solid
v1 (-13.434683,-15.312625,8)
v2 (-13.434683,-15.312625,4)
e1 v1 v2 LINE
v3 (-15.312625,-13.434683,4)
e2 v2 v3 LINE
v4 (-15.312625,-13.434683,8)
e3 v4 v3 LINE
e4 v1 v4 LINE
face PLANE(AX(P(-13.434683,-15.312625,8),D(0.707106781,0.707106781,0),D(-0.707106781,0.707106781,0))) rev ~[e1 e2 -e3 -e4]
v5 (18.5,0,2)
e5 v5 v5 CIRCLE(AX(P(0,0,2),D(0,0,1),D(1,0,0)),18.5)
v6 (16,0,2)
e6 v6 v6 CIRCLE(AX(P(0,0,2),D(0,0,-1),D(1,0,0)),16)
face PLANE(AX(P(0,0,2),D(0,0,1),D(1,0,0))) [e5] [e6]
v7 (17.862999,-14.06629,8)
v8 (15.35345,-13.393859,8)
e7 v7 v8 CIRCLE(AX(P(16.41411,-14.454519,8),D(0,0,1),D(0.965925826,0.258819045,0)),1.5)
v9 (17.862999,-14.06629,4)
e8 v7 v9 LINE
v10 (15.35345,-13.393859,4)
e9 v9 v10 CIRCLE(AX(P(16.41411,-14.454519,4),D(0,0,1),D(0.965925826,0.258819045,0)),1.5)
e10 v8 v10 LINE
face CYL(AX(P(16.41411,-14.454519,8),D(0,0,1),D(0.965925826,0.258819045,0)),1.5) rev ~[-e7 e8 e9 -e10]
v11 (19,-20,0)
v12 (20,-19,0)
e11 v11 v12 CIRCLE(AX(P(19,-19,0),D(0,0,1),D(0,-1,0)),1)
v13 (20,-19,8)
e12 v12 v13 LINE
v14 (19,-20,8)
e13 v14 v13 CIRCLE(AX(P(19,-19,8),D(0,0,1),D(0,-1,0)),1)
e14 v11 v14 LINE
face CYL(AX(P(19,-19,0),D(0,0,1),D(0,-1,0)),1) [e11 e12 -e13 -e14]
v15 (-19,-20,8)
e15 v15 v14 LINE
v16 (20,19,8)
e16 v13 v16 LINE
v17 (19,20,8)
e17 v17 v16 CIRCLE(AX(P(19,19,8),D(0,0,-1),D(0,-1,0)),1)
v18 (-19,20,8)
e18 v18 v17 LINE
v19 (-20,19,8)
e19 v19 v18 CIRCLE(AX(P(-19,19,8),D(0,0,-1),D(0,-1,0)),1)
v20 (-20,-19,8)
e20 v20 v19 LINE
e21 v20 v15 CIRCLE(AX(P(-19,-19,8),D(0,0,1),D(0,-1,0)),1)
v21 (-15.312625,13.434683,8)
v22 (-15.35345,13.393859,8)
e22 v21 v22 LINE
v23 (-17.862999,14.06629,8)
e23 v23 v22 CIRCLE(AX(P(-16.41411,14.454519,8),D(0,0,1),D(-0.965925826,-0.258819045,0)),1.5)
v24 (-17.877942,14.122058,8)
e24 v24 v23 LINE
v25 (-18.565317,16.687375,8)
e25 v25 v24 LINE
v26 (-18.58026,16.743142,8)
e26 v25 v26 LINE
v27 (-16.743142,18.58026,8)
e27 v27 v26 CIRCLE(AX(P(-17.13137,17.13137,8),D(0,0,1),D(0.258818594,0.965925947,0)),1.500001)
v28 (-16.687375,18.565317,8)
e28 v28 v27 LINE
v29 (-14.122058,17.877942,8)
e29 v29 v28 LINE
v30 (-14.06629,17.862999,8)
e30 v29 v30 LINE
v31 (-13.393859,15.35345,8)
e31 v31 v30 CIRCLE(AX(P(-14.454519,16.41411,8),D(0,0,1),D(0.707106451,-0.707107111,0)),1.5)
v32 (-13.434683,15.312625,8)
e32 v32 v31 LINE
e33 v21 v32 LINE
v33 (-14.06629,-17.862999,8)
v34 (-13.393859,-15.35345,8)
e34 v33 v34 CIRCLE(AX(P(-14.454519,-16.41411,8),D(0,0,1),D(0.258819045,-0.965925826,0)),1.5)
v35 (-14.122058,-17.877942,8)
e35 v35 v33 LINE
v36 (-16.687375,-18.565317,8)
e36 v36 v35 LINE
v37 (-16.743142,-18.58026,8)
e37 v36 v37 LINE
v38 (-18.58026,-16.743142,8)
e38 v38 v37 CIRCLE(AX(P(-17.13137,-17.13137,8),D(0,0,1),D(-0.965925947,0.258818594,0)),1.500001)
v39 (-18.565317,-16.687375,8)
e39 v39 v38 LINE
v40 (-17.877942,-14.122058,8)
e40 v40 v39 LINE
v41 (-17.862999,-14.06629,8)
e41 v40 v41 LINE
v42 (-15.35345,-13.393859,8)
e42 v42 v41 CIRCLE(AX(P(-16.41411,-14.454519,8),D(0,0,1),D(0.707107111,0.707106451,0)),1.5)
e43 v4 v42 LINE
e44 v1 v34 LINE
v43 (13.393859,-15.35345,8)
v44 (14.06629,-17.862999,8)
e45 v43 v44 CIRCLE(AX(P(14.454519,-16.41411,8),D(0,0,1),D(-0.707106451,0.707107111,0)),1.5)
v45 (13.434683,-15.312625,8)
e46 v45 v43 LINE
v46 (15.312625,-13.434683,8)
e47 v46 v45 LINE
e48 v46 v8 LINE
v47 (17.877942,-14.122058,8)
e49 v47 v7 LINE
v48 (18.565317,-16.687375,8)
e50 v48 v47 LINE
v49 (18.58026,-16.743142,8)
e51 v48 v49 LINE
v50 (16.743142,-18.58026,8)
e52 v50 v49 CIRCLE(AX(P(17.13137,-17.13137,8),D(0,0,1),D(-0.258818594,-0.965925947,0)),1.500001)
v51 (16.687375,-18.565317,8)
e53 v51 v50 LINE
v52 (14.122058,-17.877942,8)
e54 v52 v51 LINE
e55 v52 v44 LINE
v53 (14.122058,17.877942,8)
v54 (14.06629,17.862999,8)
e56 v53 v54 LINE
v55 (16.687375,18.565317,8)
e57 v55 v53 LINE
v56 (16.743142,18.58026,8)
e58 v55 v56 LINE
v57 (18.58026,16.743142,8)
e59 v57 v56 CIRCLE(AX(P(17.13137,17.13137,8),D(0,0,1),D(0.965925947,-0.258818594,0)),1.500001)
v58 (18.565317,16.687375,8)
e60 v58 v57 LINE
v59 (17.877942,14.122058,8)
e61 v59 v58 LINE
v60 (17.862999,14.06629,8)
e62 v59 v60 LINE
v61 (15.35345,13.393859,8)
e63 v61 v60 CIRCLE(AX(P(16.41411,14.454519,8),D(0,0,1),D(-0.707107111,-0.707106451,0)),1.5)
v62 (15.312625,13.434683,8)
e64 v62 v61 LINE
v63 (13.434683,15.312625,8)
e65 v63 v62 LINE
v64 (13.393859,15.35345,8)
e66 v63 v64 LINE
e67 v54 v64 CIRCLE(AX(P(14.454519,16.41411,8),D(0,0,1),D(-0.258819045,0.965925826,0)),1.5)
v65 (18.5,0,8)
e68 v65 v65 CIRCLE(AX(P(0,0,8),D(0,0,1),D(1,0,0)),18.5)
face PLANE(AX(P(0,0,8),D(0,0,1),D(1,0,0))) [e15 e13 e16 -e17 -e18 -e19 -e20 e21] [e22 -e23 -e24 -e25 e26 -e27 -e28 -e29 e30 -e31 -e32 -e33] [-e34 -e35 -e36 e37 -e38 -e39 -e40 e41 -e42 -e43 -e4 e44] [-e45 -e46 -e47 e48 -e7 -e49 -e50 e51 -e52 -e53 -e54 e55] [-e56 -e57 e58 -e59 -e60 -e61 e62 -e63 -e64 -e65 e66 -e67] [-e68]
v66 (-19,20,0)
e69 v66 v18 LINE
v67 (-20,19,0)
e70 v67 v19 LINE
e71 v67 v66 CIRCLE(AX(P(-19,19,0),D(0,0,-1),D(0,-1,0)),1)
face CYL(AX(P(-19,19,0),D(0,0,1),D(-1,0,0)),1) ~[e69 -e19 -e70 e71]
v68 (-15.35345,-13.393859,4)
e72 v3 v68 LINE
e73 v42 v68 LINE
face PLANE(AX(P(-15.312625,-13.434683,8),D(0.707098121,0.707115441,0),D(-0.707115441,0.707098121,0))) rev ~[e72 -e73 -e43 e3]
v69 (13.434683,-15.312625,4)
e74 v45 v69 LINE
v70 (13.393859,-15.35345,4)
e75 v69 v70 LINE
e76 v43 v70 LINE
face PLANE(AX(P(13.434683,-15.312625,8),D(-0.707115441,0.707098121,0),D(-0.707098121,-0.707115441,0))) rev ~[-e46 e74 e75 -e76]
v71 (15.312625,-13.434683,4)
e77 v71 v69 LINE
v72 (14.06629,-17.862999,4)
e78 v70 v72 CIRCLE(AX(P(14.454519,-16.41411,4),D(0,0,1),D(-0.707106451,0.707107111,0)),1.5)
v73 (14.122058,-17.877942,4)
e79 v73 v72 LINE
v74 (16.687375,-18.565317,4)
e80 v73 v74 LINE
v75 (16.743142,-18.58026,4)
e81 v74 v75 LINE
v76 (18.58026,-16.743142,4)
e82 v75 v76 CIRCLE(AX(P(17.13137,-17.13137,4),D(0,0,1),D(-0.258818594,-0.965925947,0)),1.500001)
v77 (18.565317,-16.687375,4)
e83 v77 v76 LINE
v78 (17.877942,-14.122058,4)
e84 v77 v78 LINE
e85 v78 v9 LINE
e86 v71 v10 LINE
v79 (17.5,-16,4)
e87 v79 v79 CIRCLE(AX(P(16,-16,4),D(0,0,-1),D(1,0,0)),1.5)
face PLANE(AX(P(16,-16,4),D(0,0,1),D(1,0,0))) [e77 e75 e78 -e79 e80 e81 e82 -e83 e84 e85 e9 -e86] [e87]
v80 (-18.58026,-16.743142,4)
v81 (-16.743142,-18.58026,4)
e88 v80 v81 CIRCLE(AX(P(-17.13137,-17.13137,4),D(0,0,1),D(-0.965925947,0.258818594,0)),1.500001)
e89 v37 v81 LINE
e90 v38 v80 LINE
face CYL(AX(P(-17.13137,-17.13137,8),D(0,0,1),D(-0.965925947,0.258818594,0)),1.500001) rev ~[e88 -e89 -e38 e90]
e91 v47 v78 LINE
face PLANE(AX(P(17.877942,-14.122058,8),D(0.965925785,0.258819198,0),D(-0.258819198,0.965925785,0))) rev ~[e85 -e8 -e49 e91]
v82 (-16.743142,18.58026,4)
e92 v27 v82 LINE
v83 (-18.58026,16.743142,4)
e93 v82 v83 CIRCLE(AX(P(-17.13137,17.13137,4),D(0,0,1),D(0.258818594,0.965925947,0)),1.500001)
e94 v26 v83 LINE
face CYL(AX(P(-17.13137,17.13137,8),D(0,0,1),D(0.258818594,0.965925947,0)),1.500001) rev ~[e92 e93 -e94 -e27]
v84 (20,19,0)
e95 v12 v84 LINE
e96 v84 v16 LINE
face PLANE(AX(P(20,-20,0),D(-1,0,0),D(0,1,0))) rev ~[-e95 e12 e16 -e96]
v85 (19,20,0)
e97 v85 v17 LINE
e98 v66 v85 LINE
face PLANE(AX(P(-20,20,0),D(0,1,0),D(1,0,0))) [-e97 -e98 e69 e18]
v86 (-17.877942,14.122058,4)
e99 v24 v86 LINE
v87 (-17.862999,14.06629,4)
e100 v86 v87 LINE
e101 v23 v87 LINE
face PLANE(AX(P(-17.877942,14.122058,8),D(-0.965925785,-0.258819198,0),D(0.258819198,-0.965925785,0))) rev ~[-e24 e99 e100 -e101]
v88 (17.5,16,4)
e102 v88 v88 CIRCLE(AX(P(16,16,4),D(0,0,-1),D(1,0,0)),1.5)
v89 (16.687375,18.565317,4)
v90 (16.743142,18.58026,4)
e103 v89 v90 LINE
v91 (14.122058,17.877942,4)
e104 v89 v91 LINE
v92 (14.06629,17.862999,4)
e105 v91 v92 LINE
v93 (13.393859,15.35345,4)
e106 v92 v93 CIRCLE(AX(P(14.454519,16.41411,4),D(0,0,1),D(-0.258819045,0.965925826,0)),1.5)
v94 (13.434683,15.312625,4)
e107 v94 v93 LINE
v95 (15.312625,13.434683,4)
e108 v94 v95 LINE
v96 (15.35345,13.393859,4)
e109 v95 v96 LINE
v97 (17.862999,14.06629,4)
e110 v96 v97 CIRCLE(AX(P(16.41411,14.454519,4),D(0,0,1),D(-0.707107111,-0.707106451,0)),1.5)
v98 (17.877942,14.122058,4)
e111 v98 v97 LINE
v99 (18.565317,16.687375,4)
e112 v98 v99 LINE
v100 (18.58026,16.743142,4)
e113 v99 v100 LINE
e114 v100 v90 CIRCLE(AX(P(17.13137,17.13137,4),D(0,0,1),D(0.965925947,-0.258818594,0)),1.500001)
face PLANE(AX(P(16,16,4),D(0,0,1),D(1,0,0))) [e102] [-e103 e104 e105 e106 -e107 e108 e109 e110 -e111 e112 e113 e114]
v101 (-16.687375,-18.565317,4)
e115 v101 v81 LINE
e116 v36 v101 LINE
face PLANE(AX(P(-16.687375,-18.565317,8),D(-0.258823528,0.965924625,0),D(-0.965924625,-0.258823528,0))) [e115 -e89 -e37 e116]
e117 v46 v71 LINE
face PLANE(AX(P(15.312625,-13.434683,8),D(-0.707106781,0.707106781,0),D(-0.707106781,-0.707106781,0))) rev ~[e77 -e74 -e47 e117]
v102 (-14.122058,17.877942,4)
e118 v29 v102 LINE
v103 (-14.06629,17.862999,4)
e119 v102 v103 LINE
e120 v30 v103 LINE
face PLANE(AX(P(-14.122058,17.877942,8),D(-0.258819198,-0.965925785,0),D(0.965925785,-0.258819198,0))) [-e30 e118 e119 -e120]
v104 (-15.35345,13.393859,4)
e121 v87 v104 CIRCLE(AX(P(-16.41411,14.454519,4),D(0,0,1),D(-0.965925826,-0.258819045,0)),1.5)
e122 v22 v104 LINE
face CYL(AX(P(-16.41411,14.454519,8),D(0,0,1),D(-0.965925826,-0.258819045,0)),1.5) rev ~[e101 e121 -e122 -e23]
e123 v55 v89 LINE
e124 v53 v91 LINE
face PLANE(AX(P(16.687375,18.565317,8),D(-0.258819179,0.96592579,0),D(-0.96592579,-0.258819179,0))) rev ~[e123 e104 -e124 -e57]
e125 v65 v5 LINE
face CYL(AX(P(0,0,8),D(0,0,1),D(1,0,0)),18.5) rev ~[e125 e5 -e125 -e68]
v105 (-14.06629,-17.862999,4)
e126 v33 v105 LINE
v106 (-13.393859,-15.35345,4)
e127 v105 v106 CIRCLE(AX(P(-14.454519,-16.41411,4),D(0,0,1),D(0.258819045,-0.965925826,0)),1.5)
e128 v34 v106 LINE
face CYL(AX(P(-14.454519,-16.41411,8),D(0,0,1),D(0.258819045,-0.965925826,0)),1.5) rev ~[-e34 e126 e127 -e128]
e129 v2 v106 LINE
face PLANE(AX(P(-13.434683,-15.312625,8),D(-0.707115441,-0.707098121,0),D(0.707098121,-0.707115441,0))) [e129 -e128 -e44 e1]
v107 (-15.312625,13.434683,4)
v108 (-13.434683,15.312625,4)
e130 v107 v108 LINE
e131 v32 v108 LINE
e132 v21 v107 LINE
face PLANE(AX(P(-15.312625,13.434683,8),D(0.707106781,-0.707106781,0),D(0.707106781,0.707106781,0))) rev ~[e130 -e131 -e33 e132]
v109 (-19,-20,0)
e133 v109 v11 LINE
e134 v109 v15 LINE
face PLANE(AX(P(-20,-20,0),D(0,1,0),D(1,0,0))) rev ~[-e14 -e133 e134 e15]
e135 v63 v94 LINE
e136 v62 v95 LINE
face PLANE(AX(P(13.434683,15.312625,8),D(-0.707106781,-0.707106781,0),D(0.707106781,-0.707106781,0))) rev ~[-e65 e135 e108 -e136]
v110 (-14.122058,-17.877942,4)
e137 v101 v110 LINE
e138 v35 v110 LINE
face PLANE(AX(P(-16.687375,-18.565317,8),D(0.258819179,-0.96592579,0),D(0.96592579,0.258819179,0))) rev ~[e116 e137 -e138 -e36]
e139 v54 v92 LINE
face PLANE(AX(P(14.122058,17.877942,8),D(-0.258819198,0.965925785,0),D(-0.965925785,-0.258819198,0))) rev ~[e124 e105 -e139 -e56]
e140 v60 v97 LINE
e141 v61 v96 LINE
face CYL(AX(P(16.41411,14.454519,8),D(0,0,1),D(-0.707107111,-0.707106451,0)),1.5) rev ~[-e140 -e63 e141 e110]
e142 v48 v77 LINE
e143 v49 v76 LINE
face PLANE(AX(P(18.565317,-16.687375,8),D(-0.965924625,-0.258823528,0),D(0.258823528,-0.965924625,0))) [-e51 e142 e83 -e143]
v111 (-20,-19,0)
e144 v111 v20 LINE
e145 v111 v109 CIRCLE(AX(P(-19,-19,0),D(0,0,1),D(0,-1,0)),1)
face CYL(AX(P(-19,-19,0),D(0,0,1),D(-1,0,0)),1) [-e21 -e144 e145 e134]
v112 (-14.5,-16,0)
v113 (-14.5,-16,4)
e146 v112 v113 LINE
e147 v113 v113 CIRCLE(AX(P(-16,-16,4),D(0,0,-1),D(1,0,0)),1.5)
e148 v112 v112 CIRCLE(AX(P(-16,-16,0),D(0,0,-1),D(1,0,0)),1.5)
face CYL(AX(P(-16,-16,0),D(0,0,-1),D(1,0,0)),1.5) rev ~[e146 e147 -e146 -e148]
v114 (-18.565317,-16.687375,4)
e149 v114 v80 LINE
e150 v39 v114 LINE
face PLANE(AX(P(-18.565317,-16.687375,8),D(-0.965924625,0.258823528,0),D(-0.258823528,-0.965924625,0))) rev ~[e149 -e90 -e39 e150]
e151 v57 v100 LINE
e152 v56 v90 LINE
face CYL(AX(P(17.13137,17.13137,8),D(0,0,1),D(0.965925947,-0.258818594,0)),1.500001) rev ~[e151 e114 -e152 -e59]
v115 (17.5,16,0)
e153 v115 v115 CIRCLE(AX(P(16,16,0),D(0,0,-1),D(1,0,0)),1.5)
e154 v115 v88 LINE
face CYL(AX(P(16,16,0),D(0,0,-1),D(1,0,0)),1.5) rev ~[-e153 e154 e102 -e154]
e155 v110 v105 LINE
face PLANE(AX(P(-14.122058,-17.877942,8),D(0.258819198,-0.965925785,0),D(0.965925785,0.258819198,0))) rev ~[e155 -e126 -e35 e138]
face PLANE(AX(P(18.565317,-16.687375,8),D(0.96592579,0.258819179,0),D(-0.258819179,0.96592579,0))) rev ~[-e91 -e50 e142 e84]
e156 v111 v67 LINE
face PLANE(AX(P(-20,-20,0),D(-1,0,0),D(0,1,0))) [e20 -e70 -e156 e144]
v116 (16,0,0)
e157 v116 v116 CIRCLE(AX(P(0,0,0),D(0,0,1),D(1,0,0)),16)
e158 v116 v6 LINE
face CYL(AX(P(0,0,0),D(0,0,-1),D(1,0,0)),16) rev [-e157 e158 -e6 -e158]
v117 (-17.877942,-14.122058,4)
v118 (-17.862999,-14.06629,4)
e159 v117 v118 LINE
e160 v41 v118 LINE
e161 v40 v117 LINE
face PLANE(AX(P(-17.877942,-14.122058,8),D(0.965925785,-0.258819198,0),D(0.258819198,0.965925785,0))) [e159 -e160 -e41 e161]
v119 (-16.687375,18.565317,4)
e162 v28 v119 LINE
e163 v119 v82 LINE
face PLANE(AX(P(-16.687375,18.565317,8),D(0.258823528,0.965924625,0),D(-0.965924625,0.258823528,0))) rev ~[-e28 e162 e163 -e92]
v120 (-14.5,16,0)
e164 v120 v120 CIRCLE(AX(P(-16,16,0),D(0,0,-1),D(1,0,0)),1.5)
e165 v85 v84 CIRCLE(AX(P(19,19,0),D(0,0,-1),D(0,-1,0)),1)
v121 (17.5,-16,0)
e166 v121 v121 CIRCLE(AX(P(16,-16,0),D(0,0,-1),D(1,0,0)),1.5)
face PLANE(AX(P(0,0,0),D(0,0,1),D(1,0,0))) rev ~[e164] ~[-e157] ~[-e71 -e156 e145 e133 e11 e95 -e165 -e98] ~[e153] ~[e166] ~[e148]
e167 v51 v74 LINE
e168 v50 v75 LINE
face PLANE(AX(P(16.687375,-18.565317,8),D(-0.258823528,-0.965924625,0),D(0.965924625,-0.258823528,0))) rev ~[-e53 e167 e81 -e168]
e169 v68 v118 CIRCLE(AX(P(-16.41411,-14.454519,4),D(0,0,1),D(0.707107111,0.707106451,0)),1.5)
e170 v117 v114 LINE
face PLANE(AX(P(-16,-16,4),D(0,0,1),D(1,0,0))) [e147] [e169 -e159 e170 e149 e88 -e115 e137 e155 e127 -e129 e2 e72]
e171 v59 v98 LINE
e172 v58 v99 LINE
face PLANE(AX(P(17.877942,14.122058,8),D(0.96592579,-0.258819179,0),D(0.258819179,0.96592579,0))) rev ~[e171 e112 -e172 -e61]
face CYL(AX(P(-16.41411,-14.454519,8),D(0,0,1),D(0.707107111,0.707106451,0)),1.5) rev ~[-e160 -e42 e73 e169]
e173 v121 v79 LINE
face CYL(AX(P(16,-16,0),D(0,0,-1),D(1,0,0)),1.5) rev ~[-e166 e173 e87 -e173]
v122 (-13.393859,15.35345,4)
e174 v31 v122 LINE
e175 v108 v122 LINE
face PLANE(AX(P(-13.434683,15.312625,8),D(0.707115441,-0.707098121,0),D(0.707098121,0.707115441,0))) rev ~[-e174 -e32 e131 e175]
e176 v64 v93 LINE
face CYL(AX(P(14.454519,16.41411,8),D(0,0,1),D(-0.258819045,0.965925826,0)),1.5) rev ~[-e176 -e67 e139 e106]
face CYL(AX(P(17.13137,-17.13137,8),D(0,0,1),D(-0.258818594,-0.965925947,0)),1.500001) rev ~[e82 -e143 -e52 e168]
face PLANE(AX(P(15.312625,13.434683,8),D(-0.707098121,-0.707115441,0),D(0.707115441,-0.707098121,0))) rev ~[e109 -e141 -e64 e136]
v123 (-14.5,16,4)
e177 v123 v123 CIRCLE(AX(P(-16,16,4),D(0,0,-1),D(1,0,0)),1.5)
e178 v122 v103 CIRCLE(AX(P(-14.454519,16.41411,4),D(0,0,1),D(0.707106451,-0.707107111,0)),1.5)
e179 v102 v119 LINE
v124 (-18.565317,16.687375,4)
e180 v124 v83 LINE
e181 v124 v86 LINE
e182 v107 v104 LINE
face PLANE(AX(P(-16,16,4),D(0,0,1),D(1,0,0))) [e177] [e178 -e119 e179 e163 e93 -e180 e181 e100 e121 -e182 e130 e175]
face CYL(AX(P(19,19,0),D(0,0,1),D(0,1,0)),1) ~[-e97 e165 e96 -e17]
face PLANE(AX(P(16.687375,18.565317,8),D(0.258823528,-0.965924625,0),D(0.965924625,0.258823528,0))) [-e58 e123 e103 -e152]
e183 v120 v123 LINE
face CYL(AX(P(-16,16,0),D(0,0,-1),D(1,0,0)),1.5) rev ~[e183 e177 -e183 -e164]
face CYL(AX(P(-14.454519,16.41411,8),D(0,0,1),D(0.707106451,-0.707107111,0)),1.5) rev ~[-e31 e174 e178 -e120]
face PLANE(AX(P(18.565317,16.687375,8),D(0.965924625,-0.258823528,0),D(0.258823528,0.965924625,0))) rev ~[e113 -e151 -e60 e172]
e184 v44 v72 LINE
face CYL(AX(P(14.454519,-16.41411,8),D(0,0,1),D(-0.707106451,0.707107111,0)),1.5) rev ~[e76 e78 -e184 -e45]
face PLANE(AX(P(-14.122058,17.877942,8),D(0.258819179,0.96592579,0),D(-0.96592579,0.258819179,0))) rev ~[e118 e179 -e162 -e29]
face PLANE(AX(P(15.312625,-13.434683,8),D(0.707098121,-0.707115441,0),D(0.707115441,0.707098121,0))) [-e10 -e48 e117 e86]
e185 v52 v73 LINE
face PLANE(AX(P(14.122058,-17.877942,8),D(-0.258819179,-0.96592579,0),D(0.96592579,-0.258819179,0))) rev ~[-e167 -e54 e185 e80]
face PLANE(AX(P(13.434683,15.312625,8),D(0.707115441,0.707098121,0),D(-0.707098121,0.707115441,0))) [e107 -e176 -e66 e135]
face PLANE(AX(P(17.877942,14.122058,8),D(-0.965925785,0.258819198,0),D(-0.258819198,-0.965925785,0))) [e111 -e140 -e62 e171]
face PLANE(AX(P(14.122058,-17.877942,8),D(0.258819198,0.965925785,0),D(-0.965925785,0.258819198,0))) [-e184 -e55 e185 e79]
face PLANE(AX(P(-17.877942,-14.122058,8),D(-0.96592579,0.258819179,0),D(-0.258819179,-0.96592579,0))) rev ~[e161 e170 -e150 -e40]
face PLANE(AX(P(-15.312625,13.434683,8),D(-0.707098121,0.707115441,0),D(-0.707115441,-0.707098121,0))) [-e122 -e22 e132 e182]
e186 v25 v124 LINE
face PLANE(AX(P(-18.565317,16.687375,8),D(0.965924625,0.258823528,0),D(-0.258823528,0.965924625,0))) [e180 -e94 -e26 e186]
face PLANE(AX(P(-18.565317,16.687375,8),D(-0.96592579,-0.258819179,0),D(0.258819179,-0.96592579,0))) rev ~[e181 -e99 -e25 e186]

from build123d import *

# Parameters (mm, degrees)
SKETCH_W        = 40
SKETCH_H        = 40
SKETCH_R        = 16
PAD_DEPTH       = 8
SKETCH005_R     = 1.5
POCKET003_DEPTH = 8.001
POCKET_DEPTH    = 4
SKETCH006_R     = 18.5
POCKET004_DEPTH = 6
FILLET_R        = 1


with BuildPart() as part:
    # Sketch → Pad (new body)
    with BuildSketch(Plane.XY):
        Rectangle(SKETCH_W, SKETCH_H)
        Circle(SKETCH_R, mode=Mode.SUBTRACT)
    extrude(amount=PAD_DEPTH)

    # Sketch005 (on Face6 of Pad) → Pocket003 (cut, through all)
    with BuildSketch(Plane(origin=(0, 0, 0), x_dir=(1, 0, 0), z_dir=(0, 0, -1))):
        with Locations((-16, 16)):
            Circle(SKETCH005_R)
        with Locations((16, 16)):
            Circle(SKETCH005_R)
        with Locations((-16, -16)):
            Circle(SKETCH005_R)
        with Locations((16, -16)):
            Circle(SKETCH005_R)
    extrude(amount=-POCKET003_DEPTH, mode=Mode.SUBTRACT)

    # Sketch004 (on Face5 of Pocket003) → Pocket (cut)
    with BuildSketch(Plane.XY.offset(8)):
        with BuildLine():
            Line((13.434683, 15.312625), (15.312625, 13.434683))
            Line((15.312625, 13.434683), (15.35345, 13.393859))
            ThreePointArc((15.35345, 13.393859), (16.802339, 13.00563), (17.862999, 14.06629))
            Line((17.877942, 14.122058), (17.862999, 14.06629))
            Line((17.877942, 14.122058), (18.565317, 16.687375))
            Line((18.565317, 16.687375), (18.58026, 16.743142))
            ThreePointArc((18.58026, 16.743142), (18.192031, 18.192031), (16.743142, 18.58026))
            Line((16.687375, 18.565317), (16.743142, 18.58026))
            Line((16.687375, 18.565317), (14.122058, 17.877942))
            Line((14.122058, 17.877942), (14.06629, 17.862999))
            ThreePointArc((14.06629, 17.862999), (13.00563, 16.802339), (13.393859, 15.35345))
            Line((13.434683, 15.312625), (13.393859, 15.35345))
        make_face()
        with BuildLine():
            Line((14.122058, -17.877942), (16.687375, -18.565317))
            Line((16.687375, -18.565317), (16.743142, -18.58026))
            ThreePointArc((16.743142, -18.58026), (18.192031, -18.192031), (18.58026, -16.743142))
            Line((18.565317, -16.687375), (18.58026, -16.743142))
            Line((18.565317, -16.687375), (17.877942, -14.122058))
            Line((17.877942, -14.122058), (17.862999, -14.06629))
            ThreePointArc((17.862999, -14.06629), (16.802339, -13.00563), (15.35345, -13.393859))
            Line((15.312625, -13.434683), (15.35345, -13.393859))
            Line((15.312625, -13.434683), (13.434683, -15.312625))
            Line((13.434683, -15.312625), (13.393859, -15.35345))
            ThreePointArc((13.393859, -15.35345), (13.00563, -16.802339), (14.06629, -17.862999))
            Line((14.122058, -17.877942), (14.06629, -17.862999))
        make_face()
        with BuildLine():
            Line((-14.122058, 17.877942), (-16.687375, 18.565317))
            Line((-16.687375, 18.565317), (-16.743142, 18.58026))
            ThreePointArc((-16.743142, 18.58026), (-18.192031, 18.192031), (-18.58026, 16.743142))
            Line((-18.565317, 16.687375), (-18.58026, 16.743142))
            Line((-18.565317, 16.687375), (-17.877942, 14.122058))
            Line((-17.877942, 14.122058), (-17.862999, 14.06629))
            ThreePointArc((-17.862999, 14.06629), (-16.802339, 13.00563), (-15.35345, 13.393859))
            Line((-15.312625, 13.434683), (-15.35345, 13.393859))
            Line((-15.312625, 13.434683), (-13.434683, 15.312625))
            Line((-13.434683, 15.312625), (-13.393859, 15.35345))
            ThreePointArc((-13.393859, 15.35345), (-13.00563, 16.802339), (-14.06629, 17.862999))
            Line((-14.122058, 17.877942), (-14.06629, 17.862999))
        make_face()
        with BuildLine():
            Line((-13.434683, -15.312625), (-15.312625, -13.434683))
            Line((-15.312625, -13.434683), (-15.35345, -13.393859))
            ThreePointArc((-15.35345, -13.393859), (-16.802339, -13.00563), (-17.862999, -14.06629))
            Line((-17.877942, -14.122058), (-17.862999, -14.06629))
            Line((-17.877942, -14.122058), (-18.565317, -16.687375))
            Line((-18.565317, -16.687375), (-18.58026, -16.743142))
            ThreePointArc((-18.58026, -16.743142), (-18.192031, -18.192031), (-16.743142, -18.58026))
            Line((-16.687375, -18.565317), (-16.743142, -18.58026))
            Line((-16.687375, -18.565317), (-14.122058, -17.877942))
            Line((-14.122058, -17.877942), (-14.06629, -17.862999))
            ThreePointArc((-14.06629, -17.862999), (-13.00563, -16.802339), (-13.393859, -15.35345))
            Line((-13.434683, -15.312625), (-13.393859, -15.35345))
        make_face()
    extrude(amount=-POCKET_DEPTH, mode=Mode.SUBTRACT)

    # Sketch006 (on Face5 of Pocket) → Pocket004 (cut)
    with BuildSketch(Plane.XY.offset(8)):
        Circle(SKETCH006_R)
    extrude(amount=-POCKET004_DEPTH, mode=Mode.SUBTRACT)

    # Fillet
    fillet_edges = [part.edges().sort_by_distance(p)[0] for p in [
        (-20, -20, 4),
        (-20, 20, 4),
        (20, -20, 4),
        (20, 20, 4),
    ]]
    fillet(fillet_edges, radius=FILLET_R)


solid = part.part
